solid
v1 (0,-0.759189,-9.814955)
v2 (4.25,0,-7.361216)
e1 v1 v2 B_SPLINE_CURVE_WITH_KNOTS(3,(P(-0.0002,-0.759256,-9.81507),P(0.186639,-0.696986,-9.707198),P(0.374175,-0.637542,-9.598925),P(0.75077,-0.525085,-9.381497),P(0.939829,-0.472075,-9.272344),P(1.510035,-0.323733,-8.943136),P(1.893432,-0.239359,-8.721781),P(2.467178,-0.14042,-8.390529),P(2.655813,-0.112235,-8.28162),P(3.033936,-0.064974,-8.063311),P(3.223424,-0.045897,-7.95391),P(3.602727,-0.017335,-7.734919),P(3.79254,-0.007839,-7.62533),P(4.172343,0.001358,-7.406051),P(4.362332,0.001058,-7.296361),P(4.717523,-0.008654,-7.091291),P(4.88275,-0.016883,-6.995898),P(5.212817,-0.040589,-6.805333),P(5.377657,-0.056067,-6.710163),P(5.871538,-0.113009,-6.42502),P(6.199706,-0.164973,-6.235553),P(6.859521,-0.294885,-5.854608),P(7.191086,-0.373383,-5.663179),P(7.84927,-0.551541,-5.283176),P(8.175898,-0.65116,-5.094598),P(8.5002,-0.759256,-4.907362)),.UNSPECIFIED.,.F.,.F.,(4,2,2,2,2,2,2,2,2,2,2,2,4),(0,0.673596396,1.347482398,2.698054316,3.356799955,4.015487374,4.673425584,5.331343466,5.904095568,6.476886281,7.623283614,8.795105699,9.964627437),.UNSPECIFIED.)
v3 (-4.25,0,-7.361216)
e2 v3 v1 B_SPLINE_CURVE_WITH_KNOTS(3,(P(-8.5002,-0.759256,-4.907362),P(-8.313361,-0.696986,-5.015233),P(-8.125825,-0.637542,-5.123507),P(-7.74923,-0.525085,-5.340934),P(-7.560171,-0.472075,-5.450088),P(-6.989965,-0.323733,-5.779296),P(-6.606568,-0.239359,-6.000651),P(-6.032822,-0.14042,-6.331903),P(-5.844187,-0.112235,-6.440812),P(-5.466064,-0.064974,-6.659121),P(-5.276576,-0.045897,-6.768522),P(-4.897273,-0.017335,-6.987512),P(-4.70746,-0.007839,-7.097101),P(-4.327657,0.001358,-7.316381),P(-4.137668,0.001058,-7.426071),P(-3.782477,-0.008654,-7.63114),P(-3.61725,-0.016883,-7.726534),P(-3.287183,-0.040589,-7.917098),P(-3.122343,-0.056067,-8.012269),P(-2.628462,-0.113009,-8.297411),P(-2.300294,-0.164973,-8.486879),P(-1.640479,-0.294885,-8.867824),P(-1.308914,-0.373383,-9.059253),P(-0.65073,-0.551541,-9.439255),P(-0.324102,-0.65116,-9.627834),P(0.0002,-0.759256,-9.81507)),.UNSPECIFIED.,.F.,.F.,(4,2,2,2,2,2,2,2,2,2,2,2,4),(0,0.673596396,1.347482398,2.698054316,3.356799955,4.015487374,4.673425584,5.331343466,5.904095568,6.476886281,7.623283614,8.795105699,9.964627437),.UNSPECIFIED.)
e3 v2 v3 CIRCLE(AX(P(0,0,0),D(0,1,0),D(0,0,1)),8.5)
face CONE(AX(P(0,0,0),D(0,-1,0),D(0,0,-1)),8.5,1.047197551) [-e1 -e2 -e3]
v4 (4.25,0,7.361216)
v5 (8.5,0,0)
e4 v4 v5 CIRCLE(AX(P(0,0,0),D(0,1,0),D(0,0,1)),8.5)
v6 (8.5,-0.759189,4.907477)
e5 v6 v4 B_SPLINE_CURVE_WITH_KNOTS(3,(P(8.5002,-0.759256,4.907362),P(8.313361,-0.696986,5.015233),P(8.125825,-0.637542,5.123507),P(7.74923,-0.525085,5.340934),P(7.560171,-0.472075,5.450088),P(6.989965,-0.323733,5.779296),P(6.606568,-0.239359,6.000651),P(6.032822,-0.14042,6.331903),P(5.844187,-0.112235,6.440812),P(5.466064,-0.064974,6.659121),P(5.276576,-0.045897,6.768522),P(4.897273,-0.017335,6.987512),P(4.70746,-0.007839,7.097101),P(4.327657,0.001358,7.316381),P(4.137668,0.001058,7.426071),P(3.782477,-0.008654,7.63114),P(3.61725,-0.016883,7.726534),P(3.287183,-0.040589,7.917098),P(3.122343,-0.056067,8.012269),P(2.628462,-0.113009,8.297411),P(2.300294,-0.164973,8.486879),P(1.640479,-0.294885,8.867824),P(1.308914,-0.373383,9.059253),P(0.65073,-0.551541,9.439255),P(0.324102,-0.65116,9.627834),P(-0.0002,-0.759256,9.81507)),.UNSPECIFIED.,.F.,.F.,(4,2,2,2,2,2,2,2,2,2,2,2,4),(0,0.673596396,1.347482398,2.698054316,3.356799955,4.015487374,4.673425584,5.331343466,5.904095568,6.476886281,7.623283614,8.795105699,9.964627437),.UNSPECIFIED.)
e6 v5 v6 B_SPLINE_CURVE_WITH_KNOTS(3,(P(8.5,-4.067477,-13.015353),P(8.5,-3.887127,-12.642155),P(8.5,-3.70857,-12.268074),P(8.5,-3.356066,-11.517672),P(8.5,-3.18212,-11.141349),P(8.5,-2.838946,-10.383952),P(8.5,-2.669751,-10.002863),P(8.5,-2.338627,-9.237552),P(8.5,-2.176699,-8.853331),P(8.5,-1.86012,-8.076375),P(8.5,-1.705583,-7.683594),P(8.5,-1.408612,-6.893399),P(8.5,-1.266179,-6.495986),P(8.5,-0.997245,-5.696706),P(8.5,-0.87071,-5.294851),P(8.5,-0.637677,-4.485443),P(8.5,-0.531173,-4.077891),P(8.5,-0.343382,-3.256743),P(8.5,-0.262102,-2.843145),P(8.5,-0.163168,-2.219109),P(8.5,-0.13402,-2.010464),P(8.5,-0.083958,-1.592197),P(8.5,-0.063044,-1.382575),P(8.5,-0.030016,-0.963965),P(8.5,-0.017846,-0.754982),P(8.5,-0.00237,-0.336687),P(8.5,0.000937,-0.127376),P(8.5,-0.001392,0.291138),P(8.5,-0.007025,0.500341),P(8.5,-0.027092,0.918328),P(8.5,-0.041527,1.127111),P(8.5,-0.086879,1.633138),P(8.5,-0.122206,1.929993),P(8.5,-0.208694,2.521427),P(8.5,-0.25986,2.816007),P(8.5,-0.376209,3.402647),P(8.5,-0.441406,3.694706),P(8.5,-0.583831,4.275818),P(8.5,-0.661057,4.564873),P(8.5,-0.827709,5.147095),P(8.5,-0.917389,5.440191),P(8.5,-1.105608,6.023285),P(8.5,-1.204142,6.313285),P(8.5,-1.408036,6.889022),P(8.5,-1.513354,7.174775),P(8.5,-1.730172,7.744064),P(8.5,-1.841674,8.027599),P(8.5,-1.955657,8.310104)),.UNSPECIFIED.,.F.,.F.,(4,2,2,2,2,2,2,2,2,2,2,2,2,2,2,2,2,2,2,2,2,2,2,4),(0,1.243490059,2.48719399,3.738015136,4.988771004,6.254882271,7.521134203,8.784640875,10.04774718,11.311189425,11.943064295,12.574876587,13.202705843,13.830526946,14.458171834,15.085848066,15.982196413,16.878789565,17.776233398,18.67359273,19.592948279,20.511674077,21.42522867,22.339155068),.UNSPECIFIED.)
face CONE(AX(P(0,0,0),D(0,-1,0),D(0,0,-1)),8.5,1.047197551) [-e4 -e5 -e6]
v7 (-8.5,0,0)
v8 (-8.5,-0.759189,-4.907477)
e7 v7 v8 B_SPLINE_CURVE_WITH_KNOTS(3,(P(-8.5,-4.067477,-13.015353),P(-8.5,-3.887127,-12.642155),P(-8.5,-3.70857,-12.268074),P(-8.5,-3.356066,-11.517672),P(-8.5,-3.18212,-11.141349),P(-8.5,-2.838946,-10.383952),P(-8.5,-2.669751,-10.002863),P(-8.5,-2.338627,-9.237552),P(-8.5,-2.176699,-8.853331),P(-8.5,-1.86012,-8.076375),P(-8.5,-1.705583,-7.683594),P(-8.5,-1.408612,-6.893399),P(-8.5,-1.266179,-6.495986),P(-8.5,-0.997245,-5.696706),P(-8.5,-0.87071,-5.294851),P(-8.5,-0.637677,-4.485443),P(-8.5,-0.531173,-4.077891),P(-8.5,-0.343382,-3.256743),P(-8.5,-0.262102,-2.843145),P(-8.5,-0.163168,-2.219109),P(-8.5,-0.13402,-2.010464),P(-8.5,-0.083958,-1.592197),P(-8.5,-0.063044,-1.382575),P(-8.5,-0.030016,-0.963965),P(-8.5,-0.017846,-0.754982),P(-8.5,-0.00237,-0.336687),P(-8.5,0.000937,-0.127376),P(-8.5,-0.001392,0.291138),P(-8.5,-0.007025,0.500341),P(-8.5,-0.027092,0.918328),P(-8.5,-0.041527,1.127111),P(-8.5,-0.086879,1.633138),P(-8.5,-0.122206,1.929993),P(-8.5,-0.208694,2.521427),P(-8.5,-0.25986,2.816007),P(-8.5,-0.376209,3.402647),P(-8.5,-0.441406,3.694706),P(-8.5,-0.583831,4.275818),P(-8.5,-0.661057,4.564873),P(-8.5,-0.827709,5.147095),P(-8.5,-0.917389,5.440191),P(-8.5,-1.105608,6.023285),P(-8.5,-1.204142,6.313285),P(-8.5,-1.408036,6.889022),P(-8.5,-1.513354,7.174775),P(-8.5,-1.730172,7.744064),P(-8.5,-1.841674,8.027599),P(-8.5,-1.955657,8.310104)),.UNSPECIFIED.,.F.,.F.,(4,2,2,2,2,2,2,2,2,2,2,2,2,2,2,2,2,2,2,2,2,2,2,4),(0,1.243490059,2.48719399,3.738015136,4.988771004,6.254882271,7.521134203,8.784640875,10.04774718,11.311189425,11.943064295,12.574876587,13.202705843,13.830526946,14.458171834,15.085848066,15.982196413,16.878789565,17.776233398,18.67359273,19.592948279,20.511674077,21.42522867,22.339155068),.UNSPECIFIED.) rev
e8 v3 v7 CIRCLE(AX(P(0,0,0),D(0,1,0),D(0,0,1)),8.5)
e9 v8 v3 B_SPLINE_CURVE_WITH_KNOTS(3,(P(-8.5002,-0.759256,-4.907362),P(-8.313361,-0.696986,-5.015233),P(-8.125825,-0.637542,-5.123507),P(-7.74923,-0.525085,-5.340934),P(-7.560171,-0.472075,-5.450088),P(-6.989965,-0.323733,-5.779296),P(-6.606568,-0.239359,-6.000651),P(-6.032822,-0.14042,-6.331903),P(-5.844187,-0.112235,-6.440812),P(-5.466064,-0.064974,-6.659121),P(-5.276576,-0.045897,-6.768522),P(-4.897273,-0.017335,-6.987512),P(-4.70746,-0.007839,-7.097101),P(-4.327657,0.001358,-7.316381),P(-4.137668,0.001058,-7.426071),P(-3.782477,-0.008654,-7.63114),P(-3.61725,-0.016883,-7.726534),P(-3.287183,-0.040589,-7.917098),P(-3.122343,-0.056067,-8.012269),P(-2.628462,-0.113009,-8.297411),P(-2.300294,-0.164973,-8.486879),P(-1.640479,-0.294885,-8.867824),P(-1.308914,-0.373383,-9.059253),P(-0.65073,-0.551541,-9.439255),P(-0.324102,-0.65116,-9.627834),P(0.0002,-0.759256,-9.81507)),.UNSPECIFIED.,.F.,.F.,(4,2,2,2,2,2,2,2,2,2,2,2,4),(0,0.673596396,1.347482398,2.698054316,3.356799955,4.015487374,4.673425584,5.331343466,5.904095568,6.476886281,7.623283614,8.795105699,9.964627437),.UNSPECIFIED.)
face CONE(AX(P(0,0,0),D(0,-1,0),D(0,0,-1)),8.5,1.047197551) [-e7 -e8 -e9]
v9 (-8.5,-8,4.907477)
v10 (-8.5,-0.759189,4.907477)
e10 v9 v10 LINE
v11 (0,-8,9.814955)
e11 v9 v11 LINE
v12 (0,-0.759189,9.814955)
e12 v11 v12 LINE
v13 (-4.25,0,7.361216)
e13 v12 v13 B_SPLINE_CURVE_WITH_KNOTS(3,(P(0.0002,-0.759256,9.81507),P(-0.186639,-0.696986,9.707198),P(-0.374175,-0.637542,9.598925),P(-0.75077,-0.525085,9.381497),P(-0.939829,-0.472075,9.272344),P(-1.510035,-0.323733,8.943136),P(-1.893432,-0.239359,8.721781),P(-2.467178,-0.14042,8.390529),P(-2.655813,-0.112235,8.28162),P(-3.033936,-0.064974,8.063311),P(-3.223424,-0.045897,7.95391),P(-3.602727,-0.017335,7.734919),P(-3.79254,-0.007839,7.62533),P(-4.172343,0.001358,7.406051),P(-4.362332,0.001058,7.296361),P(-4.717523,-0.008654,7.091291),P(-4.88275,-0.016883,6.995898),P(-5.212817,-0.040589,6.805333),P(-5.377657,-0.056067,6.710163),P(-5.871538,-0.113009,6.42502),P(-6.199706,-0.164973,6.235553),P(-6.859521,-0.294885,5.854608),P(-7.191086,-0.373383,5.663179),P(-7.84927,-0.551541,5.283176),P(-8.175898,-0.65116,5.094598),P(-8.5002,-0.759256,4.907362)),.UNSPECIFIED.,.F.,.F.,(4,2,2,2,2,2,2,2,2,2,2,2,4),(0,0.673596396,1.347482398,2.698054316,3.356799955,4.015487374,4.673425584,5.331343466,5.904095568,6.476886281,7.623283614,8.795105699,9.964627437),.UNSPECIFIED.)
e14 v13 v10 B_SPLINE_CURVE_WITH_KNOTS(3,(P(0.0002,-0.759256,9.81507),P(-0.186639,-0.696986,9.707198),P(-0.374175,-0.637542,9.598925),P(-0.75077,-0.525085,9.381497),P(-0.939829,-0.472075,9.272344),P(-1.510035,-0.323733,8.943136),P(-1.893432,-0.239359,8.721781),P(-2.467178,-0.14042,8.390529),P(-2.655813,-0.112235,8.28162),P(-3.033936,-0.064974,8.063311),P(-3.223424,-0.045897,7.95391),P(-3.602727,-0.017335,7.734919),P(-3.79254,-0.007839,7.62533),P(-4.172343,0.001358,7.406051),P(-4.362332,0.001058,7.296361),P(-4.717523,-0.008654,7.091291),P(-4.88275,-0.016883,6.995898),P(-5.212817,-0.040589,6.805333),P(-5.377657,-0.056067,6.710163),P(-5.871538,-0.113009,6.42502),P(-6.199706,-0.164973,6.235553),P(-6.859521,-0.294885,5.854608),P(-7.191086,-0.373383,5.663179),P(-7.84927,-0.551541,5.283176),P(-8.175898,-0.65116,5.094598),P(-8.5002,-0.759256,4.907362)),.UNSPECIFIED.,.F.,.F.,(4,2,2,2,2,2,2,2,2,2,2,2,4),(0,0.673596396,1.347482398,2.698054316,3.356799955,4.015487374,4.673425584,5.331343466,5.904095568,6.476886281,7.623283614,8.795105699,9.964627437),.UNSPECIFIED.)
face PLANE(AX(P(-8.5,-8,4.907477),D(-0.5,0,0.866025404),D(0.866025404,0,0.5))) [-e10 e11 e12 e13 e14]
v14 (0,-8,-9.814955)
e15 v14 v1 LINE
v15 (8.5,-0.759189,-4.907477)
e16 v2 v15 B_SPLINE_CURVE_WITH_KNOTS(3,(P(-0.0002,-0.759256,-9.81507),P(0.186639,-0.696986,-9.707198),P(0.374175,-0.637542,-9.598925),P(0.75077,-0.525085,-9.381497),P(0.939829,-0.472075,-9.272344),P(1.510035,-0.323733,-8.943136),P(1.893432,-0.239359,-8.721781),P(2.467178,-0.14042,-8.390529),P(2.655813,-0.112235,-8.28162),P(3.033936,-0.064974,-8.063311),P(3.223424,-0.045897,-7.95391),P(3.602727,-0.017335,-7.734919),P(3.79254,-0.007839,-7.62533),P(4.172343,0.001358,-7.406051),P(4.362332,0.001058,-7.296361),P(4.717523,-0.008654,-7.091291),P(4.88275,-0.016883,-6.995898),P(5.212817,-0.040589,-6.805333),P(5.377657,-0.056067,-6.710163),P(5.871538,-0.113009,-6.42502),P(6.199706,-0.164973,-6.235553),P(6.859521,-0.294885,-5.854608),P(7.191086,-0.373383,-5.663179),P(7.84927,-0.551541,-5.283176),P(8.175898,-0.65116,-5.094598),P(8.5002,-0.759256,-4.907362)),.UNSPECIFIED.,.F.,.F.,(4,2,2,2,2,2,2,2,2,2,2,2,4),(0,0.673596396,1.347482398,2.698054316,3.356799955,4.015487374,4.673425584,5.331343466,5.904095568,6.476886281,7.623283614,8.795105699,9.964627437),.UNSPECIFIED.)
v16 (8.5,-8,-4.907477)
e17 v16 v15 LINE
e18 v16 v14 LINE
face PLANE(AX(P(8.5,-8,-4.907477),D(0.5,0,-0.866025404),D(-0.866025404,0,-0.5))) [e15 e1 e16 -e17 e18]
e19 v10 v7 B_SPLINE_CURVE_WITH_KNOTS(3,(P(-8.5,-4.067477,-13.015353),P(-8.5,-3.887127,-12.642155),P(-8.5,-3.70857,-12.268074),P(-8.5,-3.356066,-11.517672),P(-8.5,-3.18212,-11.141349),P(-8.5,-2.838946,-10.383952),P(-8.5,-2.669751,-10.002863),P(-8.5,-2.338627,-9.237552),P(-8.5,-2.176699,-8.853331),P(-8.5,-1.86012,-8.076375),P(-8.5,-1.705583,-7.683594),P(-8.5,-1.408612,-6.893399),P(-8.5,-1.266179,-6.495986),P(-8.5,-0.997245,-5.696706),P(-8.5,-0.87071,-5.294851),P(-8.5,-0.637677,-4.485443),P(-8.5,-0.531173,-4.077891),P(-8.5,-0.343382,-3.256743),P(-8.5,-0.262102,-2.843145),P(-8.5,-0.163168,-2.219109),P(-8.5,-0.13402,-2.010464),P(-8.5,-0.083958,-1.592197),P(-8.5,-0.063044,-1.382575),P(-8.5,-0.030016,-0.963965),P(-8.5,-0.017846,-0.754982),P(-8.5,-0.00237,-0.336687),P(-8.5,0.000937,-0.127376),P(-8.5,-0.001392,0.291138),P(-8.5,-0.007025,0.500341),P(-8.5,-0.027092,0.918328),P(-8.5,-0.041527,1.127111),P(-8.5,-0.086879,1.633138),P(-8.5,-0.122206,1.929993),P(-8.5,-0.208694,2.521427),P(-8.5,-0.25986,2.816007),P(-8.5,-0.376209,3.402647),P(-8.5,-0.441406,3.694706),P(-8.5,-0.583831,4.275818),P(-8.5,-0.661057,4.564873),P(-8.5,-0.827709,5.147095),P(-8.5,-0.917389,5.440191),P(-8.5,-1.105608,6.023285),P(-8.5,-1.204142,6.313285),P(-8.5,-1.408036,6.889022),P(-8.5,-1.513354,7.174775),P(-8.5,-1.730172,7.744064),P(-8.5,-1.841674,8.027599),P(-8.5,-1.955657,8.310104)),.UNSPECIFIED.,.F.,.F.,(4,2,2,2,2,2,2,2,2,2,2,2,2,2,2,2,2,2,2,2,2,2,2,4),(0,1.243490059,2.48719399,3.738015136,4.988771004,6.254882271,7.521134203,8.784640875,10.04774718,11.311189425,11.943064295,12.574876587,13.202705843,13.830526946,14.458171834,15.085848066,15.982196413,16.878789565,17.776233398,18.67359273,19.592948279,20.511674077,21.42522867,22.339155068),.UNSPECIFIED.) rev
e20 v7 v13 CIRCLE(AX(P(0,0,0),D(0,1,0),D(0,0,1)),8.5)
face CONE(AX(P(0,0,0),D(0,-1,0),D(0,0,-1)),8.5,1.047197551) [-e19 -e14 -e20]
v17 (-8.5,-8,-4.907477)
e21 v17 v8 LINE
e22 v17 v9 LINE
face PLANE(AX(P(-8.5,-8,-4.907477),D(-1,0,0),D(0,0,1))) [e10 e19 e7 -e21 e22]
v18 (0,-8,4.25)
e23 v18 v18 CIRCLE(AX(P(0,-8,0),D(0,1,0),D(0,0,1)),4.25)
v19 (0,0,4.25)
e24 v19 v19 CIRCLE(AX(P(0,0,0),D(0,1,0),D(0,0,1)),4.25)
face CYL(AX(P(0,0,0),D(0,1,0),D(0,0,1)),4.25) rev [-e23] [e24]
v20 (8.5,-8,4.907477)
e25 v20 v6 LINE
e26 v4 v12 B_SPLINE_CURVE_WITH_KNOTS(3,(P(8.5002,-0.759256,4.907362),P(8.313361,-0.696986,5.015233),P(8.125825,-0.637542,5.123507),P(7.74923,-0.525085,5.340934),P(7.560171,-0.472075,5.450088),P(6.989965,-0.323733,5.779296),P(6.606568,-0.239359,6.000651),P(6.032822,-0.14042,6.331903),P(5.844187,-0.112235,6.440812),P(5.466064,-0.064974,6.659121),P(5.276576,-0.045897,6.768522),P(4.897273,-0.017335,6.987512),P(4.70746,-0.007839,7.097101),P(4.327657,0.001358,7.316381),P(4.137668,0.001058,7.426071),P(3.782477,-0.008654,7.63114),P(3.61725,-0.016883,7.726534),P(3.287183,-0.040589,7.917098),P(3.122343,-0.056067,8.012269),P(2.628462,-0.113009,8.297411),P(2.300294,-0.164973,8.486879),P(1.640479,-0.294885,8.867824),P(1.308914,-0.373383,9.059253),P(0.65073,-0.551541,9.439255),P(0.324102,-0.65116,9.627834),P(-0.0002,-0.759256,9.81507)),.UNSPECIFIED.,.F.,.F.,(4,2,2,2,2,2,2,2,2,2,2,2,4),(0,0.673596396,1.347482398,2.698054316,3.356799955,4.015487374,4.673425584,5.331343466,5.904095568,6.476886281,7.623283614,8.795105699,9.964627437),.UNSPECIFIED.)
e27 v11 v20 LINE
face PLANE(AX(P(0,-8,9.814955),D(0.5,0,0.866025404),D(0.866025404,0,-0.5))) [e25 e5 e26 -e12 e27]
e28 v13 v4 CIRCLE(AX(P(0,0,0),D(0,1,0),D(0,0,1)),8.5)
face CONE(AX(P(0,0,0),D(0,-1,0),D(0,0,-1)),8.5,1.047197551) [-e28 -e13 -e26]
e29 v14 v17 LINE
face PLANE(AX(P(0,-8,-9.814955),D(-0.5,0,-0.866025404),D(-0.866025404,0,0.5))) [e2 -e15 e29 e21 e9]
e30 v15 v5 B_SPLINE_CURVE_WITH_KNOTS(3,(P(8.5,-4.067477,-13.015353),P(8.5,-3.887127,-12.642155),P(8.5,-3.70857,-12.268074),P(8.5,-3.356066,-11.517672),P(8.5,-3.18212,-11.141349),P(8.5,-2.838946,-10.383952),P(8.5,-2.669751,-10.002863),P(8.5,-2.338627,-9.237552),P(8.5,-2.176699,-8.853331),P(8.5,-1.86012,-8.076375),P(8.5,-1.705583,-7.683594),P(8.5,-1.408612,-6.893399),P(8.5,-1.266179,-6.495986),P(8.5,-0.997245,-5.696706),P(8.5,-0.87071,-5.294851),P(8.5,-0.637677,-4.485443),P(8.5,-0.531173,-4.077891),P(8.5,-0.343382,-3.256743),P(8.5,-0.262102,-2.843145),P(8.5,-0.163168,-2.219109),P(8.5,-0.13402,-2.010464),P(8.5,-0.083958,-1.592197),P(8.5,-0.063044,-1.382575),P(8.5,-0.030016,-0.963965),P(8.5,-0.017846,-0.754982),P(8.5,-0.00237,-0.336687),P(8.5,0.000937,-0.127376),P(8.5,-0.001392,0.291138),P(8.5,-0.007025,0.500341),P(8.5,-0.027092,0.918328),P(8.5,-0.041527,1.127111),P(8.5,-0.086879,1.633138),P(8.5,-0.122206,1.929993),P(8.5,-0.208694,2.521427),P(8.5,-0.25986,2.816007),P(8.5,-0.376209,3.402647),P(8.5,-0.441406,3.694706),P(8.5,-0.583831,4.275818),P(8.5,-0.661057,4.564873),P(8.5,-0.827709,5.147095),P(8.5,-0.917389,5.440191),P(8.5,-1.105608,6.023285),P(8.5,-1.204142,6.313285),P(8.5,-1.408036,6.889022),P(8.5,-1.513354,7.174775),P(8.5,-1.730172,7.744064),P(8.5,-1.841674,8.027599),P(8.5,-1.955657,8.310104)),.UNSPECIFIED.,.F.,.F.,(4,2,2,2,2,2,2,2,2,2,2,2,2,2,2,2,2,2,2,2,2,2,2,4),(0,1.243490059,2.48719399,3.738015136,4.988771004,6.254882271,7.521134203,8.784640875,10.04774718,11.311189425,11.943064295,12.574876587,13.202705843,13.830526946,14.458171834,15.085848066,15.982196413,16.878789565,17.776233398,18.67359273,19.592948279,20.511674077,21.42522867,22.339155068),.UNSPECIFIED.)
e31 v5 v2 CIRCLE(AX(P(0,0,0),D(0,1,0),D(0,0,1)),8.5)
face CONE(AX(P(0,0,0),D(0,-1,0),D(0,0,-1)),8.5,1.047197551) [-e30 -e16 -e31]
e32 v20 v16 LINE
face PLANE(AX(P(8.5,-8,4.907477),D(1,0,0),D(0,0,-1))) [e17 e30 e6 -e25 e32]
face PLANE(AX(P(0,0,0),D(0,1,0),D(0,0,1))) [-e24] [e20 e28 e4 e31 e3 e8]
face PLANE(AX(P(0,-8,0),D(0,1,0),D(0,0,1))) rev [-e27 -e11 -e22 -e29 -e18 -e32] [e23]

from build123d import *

# Parameters (mm, degrees)
BOSS_EXTRUDE1_DEPTH = 8
TAPPED_HOLE1_D      = 8.5


with BuildPart() as part:
    # Sketch1 → Boss-Extrude1 (new body)
    with BuildSketch(Plane(origin=(0, 0, 0), x_dir=(1, 0, 0), z_dir=(0, 1, 0))):
        Polygon((0, 9.814954576), (-8.5, 4.907477288), (-8.5, -4.907477288), (0, -9.814954576), (8.5, -4.907477288), (8.5, 4.907477288), align=None)
    extrude(amount=-BOSS_EXTRUDE1_DEPTH)

    # Sketch2 → Cut-Revolve1 (revolve, cut)
    with BuildSketch(Plane(origin=(0, 0, 0), x_dir=(0, 0, -1), z_dir=(1, 0, 0))):
        Polygon((8.5, 0), (9.814954576, 0), (9.814954576, -0.759189379), align=None)
    revolve(axis=Axis((0, 0, 0), (0, -1, 0)), mode=Mode.SUBTRACT)

    # Tapped Hole1 (through all)
    with Locations(Plane(origin=(0, 0, 0), x_dir=(1, 0, 0), z_dir=(0, 1, 0))):
        with Locations((0, 0)):
            Hole(TAPPED_HOLE1_D / 2)


solid = part.part
